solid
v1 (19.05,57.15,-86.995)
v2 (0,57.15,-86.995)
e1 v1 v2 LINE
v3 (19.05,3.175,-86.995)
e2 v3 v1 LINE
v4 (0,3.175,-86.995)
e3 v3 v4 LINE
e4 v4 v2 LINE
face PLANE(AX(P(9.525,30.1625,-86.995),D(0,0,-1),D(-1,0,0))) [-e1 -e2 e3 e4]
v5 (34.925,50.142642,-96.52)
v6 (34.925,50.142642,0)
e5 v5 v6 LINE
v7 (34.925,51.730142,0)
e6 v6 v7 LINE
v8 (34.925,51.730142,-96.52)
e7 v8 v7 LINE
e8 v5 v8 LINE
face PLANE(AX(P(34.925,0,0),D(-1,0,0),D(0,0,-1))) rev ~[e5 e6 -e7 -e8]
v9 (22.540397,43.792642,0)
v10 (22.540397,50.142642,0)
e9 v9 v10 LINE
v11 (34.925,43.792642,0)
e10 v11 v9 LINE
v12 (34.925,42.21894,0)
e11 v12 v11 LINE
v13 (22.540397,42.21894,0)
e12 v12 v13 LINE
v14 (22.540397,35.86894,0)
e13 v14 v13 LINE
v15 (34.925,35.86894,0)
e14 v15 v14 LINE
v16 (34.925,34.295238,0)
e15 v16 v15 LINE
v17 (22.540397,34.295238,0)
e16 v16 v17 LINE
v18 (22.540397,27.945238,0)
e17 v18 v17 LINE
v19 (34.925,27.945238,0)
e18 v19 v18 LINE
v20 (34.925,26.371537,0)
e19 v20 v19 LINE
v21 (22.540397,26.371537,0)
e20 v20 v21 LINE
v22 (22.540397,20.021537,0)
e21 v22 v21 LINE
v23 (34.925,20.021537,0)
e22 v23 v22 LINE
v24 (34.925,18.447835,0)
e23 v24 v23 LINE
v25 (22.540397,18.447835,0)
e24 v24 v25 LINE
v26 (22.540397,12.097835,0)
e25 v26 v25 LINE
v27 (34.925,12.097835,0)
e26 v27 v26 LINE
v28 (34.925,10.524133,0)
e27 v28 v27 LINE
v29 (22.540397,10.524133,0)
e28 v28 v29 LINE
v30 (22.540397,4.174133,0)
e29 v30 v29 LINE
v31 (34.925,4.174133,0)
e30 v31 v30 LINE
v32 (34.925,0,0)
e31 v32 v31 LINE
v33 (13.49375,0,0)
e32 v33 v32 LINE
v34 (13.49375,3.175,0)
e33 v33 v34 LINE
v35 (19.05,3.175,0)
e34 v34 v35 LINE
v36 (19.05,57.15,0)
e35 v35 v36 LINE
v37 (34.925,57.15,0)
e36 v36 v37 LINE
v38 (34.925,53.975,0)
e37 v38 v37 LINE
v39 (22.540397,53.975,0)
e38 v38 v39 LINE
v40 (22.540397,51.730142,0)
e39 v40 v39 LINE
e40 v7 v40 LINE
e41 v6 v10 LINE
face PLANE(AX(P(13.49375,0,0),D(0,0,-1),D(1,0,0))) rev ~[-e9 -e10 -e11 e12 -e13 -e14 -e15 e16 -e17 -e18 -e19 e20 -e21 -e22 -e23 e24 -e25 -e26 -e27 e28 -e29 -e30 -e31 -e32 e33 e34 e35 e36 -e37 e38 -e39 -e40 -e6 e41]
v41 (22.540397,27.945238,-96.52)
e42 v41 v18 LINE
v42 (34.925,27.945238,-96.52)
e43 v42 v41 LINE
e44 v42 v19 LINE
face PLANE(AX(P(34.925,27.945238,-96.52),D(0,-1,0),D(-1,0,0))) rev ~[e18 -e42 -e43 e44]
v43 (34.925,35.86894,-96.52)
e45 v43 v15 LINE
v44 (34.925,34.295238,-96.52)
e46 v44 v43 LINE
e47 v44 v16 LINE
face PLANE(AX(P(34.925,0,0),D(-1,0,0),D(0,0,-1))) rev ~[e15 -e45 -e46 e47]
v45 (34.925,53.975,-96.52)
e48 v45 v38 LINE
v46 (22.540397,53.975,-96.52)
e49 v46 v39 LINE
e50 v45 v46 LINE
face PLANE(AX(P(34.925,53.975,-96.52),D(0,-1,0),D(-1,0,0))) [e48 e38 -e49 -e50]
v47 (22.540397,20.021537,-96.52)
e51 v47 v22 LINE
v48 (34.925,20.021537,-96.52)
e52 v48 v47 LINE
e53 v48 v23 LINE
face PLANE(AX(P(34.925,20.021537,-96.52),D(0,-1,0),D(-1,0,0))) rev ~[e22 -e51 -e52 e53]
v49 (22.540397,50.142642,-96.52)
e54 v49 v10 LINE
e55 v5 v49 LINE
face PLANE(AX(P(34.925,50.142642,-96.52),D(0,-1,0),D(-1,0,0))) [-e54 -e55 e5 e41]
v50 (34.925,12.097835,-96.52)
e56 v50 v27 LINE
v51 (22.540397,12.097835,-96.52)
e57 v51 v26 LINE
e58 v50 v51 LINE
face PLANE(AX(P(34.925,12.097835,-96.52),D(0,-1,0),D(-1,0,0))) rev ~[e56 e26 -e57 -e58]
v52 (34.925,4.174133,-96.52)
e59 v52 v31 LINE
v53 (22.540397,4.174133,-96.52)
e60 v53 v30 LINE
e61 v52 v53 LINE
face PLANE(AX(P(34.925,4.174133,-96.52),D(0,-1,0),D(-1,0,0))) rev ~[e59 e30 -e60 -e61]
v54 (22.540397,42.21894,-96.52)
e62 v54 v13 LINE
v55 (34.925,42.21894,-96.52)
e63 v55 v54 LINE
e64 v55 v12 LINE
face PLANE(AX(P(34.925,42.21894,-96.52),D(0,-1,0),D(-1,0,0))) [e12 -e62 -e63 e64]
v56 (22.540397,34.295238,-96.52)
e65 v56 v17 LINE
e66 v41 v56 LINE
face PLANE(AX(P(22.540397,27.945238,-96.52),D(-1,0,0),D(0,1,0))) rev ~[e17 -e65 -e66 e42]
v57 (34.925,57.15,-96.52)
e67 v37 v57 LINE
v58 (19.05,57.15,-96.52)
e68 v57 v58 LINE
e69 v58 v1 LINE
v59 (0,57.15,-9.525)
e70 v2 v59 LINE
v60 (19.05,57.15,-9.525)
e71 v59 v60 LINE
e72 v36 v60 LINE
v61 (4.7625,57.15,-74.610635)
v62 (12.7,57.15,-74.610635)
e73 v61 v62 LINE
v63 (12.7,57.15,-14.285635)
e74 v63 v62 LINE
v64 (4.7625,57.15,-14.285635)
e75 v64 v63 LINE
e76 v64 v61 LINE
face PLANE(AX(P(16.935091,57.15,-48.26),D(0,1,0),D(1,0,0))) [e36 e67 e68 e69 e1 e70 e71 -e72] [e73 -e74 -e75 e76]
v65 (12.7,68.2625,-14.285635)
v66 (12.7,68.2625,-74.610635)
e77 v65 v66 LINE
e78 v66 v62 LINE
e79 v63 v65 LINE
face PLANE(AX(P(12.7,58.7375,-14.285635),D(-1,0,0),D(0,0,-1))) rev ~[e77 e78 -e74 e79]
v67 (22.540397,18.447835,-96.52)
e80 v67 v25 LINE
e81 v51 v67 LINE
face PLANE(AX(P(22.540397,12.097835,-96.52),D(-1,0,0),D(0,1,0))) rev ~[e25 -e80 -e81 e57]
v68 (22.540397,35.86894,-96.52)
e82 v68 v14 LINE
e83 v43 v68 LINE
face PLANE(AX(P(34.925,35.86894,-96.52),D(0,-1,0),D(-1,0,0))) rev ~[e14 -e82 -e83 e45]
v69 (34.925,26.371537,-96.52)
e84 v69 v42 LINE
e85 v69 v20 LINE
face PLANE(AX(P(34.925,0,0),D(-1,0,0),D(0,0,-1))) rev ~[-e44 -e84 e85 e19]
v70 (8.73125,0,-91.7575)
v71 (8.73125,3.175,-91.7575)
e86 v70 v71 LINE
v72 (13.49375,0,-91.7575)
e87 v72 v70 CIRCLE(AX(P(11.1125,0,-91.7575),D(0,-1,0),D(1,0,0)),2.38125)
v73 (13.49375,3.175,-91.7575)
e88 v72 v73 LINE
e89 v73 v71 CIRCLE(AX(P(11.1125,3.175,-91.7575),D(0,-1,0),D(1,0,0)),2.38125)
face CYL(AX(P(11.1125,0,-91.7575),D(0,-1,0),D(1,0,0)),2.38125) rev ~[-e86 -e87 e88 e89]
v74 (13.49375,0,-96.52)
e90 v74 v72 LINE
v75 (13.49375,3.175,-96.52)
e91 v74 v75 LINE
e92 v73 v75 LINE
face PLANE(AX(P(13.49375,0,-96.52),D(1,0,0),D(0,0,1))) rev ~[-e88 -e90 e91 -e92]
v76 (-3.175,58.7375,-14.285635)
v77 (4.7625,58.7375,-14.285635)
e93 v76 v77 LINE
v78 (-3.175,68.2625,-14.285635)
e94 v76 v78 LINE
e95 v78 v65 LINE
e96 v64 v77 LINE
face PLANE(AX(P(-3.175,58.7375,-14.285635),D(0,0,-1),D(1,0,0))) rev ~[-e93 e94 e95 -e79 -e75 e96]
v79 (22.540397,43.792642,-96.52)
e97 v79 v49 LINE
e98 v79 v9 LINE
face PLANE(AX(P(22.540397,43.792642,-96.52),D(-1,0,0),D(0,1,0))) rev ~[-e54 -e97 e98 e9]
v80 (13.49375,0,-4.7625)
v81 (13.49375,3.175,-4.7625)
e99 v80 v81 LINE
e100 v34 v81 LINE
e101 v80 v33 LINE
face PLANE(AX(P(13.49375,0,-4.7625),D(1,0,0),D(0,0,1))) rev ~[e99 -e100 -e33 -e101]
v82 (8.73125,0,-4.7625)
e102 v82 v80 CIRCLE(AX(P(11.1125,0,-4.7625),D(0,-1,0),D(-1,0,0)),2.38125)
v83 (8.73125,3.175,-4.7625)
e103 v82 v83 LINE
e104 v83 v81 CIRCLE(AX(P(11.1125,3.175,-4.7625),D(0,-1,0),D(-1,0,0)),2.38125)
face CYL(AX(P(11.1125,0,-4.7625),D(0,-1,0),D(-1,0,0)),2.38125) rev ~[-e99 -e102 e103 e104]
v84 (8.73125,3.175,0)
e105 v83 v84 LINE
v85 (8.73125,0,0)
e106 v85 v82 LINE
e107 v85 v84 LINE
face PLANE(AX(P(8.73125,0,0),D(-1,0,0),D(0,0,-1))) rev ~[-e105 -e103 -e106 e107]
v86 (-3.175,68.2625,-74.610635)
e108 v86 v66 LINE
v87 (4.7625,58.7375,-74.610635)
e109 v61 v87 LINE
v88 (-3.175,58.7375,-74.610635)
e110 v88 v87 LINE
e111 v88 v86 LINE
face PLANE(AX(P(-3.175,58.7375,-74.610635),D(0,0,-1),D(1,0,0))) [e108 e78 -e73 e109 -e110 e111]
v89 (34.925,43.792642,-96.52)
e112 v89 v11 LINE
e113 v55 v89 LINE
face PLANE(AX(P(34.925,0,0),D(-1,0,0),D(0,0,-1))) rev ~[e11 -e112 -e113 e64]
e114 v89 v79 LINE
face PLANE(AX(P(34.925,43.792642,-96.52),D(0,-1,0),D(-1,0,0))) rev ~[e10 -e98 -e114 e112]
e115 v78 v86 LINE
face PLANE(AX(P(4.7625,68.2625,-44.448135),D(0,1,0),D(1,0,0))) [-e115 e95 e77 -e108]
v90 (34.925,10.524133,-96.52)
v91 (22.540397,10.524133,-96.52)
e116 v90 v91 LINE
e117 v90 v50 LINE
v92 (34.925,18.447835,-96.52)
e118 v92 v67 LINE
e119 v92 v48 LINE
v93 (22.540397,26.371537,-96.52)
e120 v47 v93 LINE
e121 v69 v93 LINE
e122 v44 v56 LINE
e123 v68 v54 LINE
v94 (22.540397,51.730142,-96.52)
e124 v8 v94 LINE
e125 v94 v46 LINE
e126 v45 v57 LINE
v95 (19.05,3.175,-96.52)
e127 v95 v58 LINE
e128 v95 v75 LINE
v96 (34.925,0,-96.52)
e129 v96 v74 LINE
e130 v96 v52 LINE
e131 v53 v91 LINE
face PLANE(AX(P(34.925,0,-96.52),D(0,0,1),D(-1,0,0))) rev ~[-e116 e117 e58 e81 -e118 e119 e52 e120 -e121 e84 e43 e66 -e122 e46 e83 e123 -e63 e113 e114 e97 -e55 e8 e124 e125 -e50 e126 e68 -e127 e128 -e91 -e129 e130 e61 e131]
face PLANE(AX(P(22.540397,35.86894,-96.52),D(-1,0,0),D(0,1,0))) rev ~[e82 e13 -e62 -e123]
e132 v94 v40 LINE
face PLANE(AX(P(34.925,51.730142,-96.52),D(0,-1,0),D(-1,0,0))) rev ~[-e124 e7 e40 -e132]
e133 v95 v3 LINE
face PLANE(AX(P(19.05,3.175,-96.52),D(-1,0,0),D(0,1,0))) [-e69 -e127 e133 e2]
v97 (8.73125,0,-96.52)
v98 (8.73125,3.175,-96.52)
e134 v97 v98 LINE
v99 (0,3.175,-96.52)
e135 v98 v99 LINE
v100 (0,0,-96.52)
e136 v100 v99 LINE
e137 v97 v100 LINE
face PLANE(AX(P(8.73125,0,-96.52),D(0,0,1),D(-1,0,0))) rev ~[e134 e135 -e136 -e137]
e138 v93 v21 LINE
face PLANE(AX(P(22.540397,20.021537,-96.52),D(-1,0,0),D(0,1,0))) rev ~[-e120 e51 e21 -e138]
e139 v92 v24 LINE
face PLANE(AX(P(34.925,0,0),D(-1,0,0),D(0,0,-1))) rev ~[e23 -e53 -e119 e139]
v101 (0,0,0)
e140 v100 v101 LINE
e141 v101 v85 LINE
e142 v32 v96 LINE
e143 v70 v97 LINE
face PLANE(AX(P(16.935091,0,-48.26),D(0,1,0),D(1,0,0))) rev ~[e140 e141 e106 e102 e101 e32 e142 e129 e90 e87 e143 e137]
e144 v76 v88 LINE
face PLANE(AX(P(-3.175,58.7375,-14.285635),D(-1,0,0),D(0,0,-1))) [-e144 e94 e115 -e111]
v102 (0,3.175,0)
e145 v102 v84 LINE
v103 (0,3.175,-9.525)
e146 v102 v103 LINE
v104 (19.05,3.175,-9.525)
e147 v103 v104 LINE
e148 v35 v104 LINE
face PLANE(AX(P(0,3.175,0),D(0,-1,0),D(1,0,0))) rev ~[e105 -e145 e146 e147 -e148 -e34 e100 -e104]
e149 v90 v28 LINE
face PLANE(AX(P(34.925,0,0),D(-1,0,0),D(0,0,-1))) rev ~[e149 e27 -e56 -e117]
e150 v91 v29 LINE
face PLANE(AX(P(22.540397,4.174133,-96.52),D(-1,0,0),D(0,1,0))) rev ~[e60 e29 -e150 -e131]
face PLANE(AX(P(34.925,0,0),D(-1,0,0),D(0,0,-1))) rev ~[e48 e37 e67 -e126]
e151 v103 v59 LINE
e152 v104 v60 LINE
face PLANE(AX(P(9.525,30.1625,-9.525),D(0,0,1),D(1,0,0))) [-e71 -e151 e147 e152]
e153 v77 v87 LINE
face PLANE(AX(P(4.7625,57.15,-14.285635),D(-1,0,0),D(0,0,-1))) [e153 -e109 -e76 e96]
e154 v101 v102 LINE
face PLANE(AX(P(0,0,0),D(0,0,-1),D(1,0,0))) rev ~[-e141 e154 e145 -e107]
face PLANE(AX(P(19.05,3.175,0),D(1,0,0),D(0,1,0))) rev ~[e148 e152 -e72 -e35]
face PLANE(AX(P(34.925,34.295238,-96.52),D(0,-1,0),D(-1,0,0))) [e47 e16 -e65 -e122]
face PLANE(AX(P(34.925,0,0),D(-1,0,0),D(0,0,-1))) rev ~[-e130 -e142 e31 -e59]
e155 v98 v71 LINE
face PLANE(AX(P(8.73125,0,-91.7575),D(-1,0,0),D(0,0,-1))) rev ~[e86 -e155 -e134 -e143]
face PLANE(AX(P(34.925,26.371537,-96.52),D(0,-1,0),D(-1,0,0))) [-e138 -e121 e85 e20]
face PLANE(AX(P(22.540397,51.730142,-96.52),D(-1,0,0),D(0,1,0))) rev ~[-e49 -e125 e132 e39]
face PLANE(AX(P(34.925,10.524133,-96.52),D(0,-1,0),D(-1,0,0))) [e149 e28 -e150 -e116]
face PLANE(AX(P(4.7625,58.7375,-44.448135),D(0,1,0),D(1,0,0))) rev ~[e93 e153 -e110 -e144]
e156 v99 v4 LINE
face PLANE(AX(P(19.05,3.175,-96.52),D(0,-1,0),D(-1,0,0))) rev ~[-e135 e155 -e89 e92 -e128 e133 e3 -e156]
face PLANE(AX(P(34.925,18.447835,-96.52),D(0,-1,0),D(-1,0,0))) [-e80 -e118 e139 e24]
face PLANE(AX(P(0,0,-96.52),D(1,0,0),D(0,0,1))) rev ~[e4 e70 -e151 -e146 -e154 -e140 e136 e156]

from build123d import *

# Parameters (mm, degrees)
BOSS_EXTRUDE1_DEPTH = 57.15
SKETCH2_W           = 19.05
SKETCH2_H           = 53.975
CUT_EXTRUDE1_DEPTH  = 9.525
SKETCH4_W           = 19.05
SKETCH4_H           = 53.975
CUT_EXTRUDE2_DEPTH  = 9.525
SKETCH5_W           = 12.384603188
SKETCH5_H           = 6.35
SKETCH5_H_2         = 2.244857945
CUT_EXTRUDE3_DEPTH  = 96.52
SKETCH6_W           = 7.9375
SKETCH6_H           = 60.325
BOSS_EXTRUDE2_DEPTH = 1.5875
SKETCH7_W           = 15.875
SKETCH7_H           = 60.325
BOSS_EXTRUDE3_DEPTH = 9.525


with BuildPart() as part:
    # Sketch1 → Boss-Extrude1 (new body)
    with BuildSketch(Plane(origin=(0, 0, 0), x_dir=(1, 0, 0), z_dir=(0, 1, 0))):
        with BuildLine():
            Line((0, 0), (8.73125, 0))
            Line((8.73125, 0), (8.73125, 4.7625))
            ThreePointArc((8.73125, 4.7625), (11.1125, 7.14375), (13.49375, 4.7625))
            Line((13.49375, 4.7625), (13.49375, 0))
            Line((13.49375, 0), (34.925, 0))
            Line((34.925, 0), (34.925, 96.52))
            Line((34.925, 96.52), (13.49375, 96.52))
            Line((13.49375, 96.52), (13.49375, 91.7575))
            ThreePointArc((13.49375, 91.7575), (11.1125, 89.37625), (8.73125, 91.7575))
            Line((8.73125, 91.7575), (8.73125, 96.52))
            Line((8.73125, 96.52), (0, 96.52))
            Line((0, 96.52), (0, 0))
        make_face()
    extrude(amount=BOSS_EXTRUDE1_DEPTH)

    # Sketch2 → Cut-Extrude1 (cut)
    with BuildSketch(Plane.XY):
        with Locations((9.525, 30.1625)):
            Rectangle(SKETCH2_W, SKETCH2_H)
    extrude(amount=-CUT_EXTRUDE1_DEPTH, mode=Mode.SUBTRACT)

    # Sketch4 → Cut-Extrude2 (cut)
    with BuildSketch(Plane(origin=(0, 0, -96.52), x_dir=(-1, 0, 0), z_dir=(0, 0, -1))):
        with Locations((-9.525, 30.1625)):
            Rectangle(SKETCH4_W, SKETCH4_H)
    extrude(amount=-CUT_EXTRUDE2_DEPTH, mode=Mode.SUBTRACT)

    # Sketch5 → Cut-Extrude3 (cut)
    with BuildSketch(Plane(origin=(0, 0, -96.52), x_dir=(-1, 0, 0), z_dir=(0, 0, -1))):
        with Locations((-28.732698406, 7.349133021)):
            Rectangle(SKETCH5_W, SKETCH5_H)
        with Locations((-28.732698406, 15.272834828)):
            Rectangle(SKETCH5_W, SKETCH5_H)
        with Locations((-28.732698406, 23.196536634)):
            Rectangle(SKETCH5_W, SKETCH5_H)
        with Locations((-28.732698406, 31.120238441)):
            Rectangle(SKETCH5_W, SKETCH5_H)
        with Locations((-28.732698406, 39.043940248)):
            Rectangle(SKETCH5_W, SKETCH5_H)
        with Locations((-28.732698406, 46.967642055)):
            Rectangle(SKETCH5_W, SKETCH5_H)
        with Locations((-28.732698406, 52.852571028)):
            Rectangle(SKETCH5_W, SKETCH5_H_2)
    extrude(amount=-CUT_EXTRUDE3_DEPTH, mode=Mode.SUBTRACT)

    # Sketch6 → Boss-Extrude2 (add)
    with BuildSketch(Plane(origin=(0, 57.15, 0), x_dir=(1, 0, 0), z_dir=(0, 1, 0))):
        with Locations((8.73125, 44.448135035)):
            Rectangle(SKETCH6_W, SKETCH6_H)
    extrude(amount=BOSS_EXTRUDE2_DEPTH)

    # Sketch7 → Boss-Extrude3 (add)
    with BuildSketch(Plane(origin=(0, 58.7375, 0), x_dir=(1, 0, 0), z_dir=(0, 1, 0))):
        with Locations((4.7625, 44.448135035)):
            Rectangle(SKETCH7_W, SKETCH7_H)
    extrude(amount=BOSS_EXTRUDE3_DEPTH)


solid = part.part
